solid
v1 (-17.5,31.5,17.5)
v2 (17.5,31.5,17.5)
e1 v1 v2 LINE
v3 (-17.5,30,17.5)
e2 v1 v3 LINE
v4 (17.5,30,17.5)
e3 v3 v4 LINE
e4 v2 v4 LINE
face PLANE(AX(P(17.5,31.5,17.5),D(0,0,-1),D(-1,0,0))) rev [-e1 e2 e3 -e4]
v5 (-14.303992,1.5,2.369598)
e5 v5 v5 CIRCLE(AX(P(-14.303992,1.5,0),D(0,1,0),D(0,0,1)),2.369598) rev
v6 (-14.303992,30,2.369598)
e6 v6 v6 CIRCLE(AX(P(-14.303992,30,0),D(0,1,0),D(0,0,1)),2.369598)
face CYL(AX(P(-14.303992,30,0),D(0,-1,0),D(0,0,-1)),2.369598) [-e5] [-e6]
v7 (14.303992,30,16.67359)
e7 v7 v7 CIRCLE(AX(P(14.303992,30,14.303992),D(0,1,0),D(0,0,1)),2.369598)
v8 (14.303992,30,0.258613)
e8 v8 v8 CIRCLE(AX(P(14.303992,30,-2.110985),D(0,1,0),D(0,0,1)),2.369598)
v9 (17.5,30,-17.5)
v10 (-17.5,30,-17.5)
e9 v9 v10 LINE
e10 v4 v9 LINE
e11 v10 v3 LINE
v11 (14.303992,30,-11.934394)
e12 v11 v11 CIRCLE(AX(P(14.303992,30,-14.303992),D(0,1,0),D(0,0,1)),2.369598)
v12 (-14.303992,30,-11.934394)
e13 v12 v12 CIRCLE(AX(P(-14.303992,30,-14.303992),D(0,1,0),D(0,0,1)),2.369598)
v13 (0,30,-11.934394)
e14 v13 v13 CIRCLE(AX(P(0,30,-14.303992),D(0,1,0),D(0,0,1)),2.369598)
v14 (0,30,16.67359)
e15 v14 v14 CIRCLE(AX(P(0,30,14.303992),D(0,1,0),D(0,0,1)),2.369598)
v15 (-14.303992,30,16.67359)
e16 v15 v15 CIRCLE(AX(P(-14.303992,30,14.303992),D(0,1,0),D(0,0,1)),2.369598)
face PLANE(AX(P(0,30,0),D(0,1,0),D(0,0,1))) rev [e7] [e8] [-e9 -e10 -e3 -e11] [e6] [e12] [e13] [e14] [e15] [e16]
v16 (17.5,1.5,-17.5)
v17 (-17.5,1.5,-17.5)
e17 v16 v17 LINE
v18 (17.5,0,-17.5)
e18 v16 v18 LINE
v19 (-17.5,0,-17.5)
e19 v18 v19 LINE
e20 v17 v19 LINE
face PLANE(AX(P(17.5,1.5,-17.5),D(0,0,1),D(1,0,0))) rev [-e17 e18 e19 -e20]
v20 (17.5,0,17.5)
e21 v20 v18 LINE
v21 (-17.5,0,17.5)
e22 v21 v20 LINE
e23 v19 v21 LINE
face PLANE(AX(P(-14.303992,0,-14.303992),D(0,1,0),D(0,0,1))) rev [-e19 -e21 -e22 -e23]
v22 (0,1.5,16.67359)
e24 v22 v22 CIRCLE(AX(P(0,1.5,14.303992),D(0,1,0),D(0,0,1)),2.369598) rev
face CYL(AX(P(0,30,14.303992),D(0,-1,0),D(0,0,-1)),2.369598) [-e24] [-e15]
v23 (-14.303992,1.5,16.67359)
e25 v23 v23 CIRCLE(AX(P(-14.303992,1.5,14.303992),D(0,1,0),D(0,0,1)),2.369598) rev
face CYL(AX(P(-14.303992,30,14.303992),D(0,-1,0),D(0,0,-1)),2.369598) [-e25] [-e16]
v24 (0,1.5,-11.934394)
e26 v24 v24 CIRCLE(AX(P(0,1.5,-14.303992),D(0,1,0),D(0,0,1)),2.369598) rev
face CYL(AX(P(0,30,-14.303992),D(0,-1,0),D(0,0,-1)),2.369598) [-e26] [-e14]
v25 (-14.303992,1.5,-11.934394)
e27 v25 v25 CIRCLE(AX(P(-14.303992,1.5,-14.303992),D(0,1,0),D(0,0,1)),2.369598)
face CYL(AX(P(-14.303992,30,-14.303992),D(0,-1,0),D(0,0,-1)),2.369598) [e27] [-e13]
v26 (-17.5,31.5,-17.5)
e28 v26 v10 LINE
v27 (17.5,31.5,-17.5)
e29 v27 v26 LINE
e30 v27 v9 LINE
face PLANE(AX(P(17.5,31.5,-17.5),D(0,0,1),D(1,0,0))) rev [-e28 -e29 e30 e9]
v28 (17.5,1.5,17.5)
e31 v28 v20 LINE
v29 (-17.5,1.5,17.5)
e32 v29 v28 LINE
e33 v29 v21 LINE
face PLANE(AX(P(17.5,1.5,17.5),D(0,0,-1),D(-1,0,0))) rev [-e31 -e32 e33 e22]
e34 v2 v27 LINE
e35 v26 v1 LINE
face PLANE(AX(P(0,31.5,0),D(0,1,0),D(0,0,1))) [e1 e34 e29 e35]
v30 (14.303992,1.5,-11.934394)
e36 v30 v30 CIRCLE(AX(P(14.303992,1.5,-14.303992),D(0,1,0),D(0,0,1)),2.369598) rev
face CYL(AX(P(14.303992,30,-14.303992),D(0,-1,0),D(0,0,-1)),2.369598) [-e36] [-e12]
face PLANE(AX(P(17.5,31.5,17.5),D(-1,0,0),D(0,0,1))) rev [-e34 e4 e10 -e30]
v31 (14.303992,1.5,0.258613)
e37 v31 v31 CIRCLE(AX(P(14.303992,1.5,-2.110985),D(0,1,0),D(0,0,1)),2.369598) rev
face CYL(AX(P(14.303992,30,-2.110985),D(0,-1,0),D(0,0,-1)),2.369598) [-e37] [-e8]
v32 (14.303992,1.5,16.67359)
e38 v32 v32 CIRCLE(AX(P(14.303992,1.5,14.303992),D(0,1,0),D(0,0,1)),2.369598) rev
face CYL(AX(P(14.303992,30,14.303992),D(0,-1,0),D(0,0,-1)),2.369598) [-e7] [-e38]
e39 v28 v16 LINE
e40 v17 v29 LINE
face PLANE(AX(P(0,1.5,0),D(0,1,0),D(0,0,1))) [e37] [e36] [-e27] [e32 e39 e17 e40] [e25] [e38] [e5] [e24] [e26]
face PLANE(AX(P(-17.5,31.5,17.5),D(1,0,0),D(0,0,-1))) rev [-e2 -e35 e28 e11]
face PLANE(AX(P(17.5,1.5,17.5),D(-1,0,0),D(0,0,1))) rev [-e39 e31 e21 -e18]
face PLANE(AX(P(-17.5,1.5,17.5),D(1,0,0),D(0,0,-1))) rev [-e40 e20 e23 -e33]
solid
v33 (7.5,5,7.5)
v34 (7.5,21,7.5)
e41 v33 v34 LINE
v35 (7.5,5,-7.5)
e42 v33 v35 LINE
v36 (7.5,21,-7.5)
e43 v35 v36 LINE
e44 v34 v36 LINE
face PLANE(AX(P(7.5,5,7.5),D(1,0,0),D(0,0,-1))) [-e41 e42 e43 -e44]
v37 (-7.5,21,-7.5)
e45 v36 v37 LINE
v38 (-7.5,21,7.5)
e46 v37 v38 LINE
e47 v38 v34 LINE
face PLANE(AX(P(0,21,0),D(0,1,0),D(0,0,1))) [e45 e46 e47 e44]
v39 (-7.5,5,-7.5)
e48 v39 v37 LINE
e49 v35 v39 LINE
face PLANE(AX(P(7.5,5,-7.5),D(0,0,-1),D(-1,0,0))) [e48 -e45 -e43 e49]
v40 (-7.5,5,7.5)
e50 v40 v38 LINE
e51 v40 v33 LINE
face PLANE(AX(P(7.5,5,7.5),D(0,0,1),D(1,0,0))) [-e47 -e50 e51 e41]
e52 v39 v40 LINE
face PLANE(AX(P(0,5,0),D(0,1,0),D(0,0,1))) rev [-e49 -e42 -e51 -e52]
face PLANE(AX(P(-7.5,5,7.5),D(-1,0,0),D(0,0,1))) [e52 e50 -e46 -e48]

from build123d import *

# Parameters (mm, degrees)
SKETCH9_R                = 2.369598006
BOSS_EXTRUDE4_DEPTH      = 30
BOSS_EXTRUDE4_2_DEPTH    = 30
BOSS_EXTRUDE4_3_DEPTH    = 30
BOSS_EXTRUDE4_4_DEPTH    = 30
BOSS_EXTRUDE4_5_DEPTH    = 30
BOSS_EXTRUDE4_6_DEPTH    = 30
BOSS_EXTRUDE4_7_DEPTH    = 30
BOSS_EXTRUDE4_8_DEPTH    = 30
BOSS_EXTRUDE5_START      = 20
SKETCH10_W               = 15
SKETCH10_H               = 15
BOSS_EXTRUDE5_DEPTH      = 1
BOSS_EXTRUDE5_DEPTH_BACK = 15
SKETCH11_W               = 35
SKETCH11_H               = 35
BOSS_EXTRUDE6_DEPTH      = 1.5
BOSS_EXTRUDE7_START      = 30
SKETCH13_W               = 35
SKETCH13_H               = 35
BOSS_EXTRUDE7_DEPTH      = 1.5


with BuildPart() as part:
    # Sketch9 → Boss-Extrude4 (new body)
    with BuildSketch(Plane(origin=(0, 0, 0), x_dir=(1, 0, 0), z_dir=(0, 1, 0))):
        with Locations(Location((-14.303992388, 14.303992388, 0), (0, 0, 270))):  # turned: the seam where the file's is
            Circle(SKETCH9_R)
    extrude(amount=BOSS_EXTRUDE4_DEPTH)



with BuildPart() as body_2:
    # Sketch9 → Boss-Extrude4 2 (new body)
    with BuildSketch(Plane(origin=(0, 0, 0), x_dir=(1, 0, 0), z_dir=(0, 1, 0))):
        with Locations(Location((14.303992388, 14.303992388, 0), (0, 0, 270))):  # turned: the seam where the file's is
            Circle(SKETCH9_R)
    extrude(amount=BOSS_EXTRUDE4_2_DEPTH)


with BuildPart() as body_3:
    # Sketch9 → Boss-Extrude4 3 (new body)
    with BuildSketch(Plane(origin=(0, 0, 0), x_dir=(1, 0, 0), z_dir=(0, 1, 0))):
        with Locations(Location((14.303992388, -14.303992388, 0), (0, 0, 270))):  # turned: the seam where the file's is
            Circle(SKETCH9_R)
    extrude(amount=BOSS_EXTRUDE4_3_DEPTH)


with BuildPart() as body_4:
    # Sketch9 → Boss-Extrude4 4 (new body)
    with BuildSketch(Plane(origin=(0, 0, 0), x_dir=(1, 0, 0), z_dir=(0, 1, 0))):
        with Locations(Location((-14.303992388, -14.303992388, 0), (0, 0, 270))):  # turned: the seam where the file's is
            Circle(SKETCH9_R)
    extrude(amount=BOSS_EXTRUDE4_4_DEPTH)


with BuildPart() as body_5:
    # Sketch9 → Boss-Extrude4 5 (new body)
    with BuildSketch(Plane(origin=(0, 0, 0), x_dir=(1, 0, 0), z_dir=(0, 1, 0))):
        with Locations(Location((-14.303992388, 0, 0), (0, 0, 270))):  # turned: the seam where the file's is
            Circle(SKETCH9_R)
    extrude(amount=BOSS_EXTRUDE4_5_DEPTH)


with BuildPart() as body_6:
    # Sketch9 → Boss-Extrude4 6 (new body)
    with BuildSketch(Plane(origin=(0, 0, 0), x_dir=(1, 0, 0), z_dir=(0, 1, 0))):
        with Locations(Location((0, -14.303992388, 0), (0, 0, 270))):  # turned: the seam where the file's is
            Circle(SKETCH9_R)
    extrude(amount=BOSS_EXTRUDE4_6_DEPTH)


with BuildPart() as body_7:
    # Sketch9 → Boss-Extrude4 7 (new body)
    with BuildSketch(Plane(origin=(0, 0, 0), x_dir=(1, 0, 0), z_dir=(0, 1, 0))):
        with Locations(Location((14.303992388, 2.110985408, 0), (0, 0, 270))):  # turned: the seam where the file's is
            Circle(SKETCH9_R)
    extrude(amount=BOSS_EXTRUDE4_7_DEPTH)


with BuildPart() as body_8:
    # Sketch9 → Boss-Extrude4 8 (new body)
    with BuildSketch(Plane(origin=(0, 0, 0), x_dir=(1, 0, 0), z_dir=(0, 1, 0))):
        with Locations(Location((0, 14.303992388, 0), (0, 0, 270))):  # turned: the seam where the file's is
            Circle(SKETCH9_R)
    extrude(amount=BOSS_EXTRUDE4_8_DEPTH)


with BuildPart() as body_9:
    # Sketch10 → Boss-Extrude5 (new body, two sides)
    with BuildSketch(Plane(origin=(0, 0, 0), x_dir=(1, 0, 0), z_dir=(0, 1, 0)).offset(BOSS_EXTRUDE5_START)) as boss_extrude5_sk:
        Rectangle(SKETCH10_W, SKETCH10_H)
    extrude(amount=BOSS_EXTRUDE5_DEPTH)
    extrude(boss_extrude5_sk.sketch, amount=-BOSS_EXTRUDE5_DEPTH_BACK)


with BuildPart() as part_1:
    add(part.part)

    add(body_2.part)  # Boss-Extrude6 merges body 2

    add(body_3.part)  # Boss-Extrude6 merges body 3

    add(body_4.part)  # Boss-Extrude6 merges body 4

    add(body_5.part)  # Boss-Extrude6 merges body 5

    add(body_6.part)  # Boss-Extrude6 merges body 6

    add(body_7.part)  # Boss-Extrude6 merges body 7

    add(body_8.part)  # Boss-Extrude6 merges body 8
    # Sketch11 → Boss-Extrude6 (add)
    with BuildSketch(Plane(origin=(0, 0, 0), x_dir=(1, 0, 0), z_dir=(0, 1, 0))):
        Rectangle(SKETCH11_W, SKETCH11_H)
    extrude(amount=BOSS_EXTRUDE6_DEPTH)

    # Sketch13 → Boss-Extrude7 (add)
    with BuildSketch(Plane(origin=(0, 0, 0), x_dir=(1, 0, 0), z_dir=(0, 1, 0)).offset(BOSS_EXTRUDE7_START)):
        Rectangle(SKETCH13_W, SKETCH13_H)
    extrude(amount=BOSS_EXTRUDE7_DEPTH)


solid = Compound([body_9.part, part_1.part])
